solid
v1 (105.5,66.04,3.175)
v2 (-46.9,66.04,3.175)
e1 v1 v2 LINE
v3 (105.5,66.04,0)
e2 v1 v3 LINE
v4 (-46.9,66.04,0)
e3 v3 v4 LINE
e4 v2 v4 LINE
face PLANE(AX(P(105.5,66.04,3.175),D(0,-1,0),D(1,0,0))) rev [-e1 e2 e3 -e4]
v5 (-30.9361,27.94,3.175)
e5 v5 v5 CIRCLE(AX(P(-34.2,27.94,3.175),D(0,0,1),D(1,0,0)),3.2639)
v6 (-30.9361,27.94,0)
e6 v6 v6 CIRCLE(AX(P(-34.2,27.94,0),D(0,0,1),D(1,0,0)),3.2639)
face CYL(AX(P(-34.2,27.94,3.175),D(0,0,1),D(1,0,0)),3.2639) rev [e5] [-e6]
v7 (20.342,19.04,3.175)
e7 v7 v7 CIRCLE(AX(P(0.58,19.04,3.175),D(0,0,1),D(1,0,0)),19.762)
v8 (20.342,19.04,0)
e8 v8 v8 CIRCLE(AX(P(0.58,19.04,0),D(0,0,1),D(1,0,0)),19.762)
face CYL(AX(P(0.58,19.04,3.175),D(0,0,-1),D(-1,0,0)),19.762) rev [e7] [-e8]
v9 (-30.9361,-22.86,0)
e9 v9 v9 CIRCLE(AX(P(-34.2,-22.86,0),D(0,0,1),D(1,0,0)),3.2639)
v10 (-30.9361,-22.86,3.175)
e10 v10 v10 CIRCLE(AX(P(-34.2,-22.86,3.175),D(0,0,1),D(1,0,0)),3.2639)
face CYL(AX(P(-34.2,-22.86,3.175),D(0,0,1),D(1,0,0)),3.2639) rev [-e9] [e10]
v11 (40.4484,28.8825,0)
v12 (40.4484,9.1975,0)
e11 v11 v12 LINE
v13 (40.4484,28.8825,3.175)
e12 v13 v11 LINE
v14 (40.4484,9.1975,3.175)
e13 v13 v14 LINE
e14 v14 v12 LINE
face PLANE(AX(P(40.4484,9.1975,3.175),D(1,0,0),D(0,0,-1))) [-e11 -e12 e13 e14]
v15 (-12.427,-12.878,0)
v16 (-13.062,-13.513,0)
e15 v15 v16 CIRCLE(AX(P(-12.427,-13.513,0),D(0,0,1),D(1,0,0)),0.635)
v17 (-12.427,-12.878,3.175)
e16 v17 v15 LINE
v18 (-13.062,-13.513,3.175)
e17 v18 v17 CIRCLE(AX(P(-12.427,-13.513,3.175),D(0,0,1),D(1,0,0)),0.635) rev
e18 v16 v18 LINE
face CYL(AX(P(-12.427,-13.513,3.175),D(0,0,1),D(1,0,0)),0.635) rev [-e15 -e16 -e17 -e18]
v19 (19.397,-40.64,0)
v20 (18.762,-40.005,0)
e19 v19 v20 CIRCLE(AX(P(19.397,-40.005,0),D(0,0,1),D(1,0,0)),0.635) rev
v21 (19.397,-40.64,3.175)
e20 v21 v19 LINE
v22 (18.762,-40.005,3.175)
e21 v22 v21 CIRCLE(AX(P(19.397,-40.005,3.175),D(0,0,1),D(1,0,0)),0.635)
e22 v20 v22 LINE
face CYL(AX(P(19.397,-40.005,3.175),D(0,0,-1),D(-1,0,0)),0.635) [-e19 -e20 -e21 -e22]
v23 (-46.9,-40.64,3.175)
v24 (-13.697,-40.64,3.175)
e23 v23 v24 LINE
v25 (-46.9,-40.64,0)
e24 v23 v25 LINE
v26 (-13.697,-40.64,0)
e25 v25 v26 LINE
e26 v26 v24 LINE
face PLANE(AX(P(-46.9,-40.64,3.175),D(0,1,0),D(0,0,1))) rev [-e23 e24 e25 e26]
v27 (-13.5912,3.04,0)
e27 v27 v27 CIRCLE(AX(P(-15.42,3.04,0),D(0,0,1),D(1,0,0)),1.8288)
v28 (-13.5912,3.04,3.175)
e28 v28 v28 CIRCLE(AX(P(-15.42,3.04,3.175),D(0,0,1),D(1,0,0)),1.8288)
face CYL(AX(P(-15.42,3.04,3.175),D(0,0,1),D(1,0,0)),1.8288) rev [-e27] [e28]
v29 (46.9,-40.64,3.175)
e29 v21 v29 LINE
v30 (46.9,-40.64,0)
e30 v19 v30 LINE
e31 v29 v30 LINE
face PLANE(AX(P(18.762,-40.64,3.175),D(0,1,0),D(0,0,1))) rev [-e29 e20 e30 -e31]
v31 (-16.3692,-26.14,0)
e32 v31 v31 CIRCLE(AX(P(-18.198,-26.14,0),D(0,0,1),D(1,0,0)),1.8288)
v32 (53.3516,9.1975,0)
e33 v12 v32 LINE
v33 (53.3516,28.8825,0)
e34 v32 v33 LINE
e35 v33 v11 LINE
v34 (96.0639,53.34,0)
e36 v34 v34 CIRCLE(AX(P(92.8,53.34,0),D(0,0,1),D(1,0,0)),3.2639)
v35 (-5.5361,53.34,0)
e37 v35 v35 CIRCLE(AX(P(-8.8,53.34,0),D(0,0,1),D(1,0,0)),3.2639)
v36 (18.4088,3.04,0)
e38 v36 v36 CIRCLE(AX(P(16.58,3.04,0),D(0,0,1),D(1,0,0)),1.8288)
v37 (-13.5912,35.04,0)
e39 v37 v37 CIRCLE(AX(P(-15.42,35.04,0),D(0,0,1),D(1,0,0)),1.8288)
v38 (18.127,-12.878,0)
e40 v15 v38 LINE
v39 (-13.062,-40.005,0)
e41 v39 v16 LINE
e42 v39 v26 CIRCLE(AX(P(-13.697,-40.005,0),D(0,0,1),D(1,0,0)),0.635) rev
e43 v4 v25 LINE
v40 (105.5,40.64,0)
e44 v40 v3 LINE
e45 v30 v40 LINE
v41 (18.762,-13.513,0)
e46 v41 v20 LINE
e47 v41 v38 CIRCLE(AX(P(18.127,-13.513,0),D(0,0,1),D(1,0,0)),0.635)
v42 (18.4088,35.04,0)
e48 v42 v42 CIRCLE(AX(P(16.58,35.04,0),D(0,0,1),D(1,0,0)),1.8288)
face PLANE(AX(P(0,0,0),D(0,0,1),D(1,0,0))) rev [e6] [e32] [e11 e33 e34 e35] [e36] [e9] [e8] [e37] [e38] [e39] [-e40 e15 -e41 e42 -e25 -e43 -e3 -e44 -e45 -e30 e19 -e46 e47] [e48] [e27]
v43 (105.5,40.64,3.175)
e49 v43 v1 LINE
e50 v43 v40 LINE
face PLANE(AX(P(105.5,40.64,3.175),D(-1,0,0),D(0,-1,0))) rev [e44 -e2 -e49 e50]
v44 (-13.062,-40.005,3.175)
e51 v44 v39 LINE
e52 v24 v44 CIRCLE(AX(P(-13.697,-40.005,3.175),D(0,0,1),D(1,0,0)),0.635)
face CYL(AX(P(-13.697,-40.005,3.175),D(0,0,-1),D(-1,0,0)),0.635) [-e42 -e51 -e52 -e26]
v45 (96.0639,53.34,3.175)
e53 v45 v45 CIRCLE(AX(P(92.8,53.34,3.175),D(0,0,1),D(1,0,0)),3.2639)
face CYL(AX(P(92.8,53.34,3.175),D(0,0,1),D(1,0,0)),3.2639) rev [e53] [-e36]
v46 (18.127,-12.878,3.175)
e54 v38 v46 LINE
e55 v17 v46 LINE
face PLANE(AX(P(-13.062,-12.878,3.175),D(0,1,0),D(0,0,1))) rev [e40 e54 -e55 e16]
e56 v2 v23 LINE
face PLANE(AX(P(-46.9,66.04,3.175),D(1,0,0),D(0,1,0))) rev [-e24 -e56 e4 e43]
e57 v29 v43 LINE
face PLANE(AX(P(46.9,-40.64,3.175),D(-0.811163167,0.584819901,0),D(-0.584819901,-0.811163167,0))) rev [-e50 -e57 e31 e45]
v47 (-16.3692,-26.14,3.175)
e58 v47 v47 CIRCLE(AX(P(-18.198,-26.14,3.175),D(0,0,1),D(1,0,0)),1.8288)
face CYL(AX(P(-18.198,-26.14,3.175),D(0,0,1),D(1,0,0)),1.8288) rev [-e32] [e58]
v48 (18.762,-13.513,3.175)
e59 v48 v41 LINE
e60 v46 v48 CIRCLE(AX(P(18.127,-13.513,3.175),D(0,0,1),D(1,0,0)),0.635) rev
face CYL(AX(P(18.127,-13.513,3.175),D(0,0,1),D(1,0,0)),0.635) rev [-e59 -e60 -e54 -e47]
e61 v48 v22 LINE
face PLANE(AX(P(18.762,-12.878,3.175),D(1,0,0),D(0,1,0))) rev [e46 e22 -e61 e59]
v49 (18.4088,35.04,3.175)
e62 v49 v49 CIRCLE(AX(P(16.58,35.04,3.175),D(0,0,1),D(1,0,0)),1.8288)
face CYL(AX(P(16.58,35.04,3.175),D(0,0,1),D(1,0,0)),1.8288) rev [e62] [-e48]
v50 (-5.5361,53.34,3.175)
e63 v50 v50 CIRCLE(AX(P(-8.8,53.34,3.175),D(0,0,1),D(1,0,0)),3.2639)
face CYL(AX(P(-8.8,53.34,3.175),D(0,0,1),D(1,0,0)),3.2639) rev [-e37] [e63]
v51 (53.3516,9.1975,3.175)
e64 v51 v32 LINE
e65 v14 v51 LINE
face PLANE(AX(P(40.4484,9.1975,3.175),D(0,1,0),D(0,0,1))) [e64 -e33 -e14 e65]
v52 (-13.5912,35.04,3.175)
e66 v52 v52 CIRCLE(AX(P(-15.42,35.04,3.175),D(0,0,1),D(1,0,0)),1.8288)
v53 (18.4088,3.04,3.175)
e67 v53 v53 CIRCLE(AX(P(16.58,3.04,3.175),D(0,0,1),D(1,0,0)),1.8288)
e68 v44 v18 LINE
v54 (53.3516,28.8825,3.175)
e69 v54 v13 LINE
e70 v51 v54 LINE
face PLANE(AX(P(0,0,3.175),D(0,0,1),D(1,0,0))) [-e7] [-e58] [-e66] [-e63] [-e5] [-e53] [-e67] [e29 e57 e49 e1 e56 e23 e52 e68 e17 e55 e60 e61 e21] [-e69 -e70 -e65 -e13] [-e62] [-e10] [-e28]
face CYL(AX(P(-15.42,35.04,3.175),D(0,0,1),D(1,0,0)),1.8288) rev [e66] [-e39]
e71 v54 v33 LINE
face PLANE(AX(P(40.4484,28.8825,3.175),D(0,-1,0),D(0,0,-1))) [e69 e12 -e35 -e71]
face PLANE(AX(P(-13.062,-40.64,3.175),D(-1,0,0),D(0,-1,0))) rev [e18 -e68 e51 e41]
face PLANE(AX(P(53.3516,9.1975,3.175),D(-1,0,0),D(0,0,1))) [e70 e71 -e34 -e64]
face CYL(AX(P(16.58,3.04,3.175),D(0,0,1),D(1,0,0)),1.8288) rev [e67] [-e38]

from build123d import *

# Parameters (mm, degrees)
SKETCH2_R               = 19.762
SKETCH2_W               = 12.9032
SKETCH2_H               = 19.685
BOSS_EXTRUDE1_DEPTH     = 3.175
F_6_CLEARANCE_HOLE1_D   = 3.6576
FILLET1_R               = 0.635
F_1_4_CLEARANCE_HOLE1_D = 6.5278


with BuildPart() as part:
    # Sketch2 → Boss-Extrude1 (new body)
    with BuildSketch(Plane.XY):
        Polygon((105.5, 66.04), (-46.9, 66.04), (-46.9, -40.64), (-13.062, -40.64), (-13.062, -12.878), (18.762, -12.878), (18.762, -40.64), (46.9, -40.64), (105.5, 40.64), align=None)
        with Locations((0.58, 19.04)):
            Circle(SKETCH2_R, mode=Mode.SUBTRACT)
        with Locations((46.9, 19.04)):
            Rectangle(SKETCH2_W, SKETCH2_H, mode=Mode.SUBTRACT)
    extrude(amount=BOSS_EXTRUDE1_DEPTH)

    # #6 Clearance Hole1 (through all)
    with Locations(Plane.XY.offset(3.175)):
        with Locations((-15.42, 35.04), (16.58, 35.04), (16.58, 3.04), (-15.42, 3.04), (-18.198, -26.14)):
            Hole(F_6_CLEARANCE_HOLE1_D / 2)

    # Fillet1
    fillet1_edges = [part.edges().sort_by_distance(p)[0] for p in [
        (18.762, -40.64, 1.5875),
        (18.762, -12.878, 1.5875),
        (-13.062, -12.878, 1.5875),
        (-13.062, -40.64, 1.5875),
    ]]
    fillet(fillet1_edges, radius=FILLET1_R)

    # 1/4 Clearance Hole1 (through all)
    with Locations(Plane.XY.offset(3.175)):
        with Locations((-34.2, -22.86), (-8.8, 53.34), (92.8, 53.34), (-34.2, 27.94)):
            Hole(F_1_4_CLEARANCE_HOLE1_D / 2)


solid = part.part
